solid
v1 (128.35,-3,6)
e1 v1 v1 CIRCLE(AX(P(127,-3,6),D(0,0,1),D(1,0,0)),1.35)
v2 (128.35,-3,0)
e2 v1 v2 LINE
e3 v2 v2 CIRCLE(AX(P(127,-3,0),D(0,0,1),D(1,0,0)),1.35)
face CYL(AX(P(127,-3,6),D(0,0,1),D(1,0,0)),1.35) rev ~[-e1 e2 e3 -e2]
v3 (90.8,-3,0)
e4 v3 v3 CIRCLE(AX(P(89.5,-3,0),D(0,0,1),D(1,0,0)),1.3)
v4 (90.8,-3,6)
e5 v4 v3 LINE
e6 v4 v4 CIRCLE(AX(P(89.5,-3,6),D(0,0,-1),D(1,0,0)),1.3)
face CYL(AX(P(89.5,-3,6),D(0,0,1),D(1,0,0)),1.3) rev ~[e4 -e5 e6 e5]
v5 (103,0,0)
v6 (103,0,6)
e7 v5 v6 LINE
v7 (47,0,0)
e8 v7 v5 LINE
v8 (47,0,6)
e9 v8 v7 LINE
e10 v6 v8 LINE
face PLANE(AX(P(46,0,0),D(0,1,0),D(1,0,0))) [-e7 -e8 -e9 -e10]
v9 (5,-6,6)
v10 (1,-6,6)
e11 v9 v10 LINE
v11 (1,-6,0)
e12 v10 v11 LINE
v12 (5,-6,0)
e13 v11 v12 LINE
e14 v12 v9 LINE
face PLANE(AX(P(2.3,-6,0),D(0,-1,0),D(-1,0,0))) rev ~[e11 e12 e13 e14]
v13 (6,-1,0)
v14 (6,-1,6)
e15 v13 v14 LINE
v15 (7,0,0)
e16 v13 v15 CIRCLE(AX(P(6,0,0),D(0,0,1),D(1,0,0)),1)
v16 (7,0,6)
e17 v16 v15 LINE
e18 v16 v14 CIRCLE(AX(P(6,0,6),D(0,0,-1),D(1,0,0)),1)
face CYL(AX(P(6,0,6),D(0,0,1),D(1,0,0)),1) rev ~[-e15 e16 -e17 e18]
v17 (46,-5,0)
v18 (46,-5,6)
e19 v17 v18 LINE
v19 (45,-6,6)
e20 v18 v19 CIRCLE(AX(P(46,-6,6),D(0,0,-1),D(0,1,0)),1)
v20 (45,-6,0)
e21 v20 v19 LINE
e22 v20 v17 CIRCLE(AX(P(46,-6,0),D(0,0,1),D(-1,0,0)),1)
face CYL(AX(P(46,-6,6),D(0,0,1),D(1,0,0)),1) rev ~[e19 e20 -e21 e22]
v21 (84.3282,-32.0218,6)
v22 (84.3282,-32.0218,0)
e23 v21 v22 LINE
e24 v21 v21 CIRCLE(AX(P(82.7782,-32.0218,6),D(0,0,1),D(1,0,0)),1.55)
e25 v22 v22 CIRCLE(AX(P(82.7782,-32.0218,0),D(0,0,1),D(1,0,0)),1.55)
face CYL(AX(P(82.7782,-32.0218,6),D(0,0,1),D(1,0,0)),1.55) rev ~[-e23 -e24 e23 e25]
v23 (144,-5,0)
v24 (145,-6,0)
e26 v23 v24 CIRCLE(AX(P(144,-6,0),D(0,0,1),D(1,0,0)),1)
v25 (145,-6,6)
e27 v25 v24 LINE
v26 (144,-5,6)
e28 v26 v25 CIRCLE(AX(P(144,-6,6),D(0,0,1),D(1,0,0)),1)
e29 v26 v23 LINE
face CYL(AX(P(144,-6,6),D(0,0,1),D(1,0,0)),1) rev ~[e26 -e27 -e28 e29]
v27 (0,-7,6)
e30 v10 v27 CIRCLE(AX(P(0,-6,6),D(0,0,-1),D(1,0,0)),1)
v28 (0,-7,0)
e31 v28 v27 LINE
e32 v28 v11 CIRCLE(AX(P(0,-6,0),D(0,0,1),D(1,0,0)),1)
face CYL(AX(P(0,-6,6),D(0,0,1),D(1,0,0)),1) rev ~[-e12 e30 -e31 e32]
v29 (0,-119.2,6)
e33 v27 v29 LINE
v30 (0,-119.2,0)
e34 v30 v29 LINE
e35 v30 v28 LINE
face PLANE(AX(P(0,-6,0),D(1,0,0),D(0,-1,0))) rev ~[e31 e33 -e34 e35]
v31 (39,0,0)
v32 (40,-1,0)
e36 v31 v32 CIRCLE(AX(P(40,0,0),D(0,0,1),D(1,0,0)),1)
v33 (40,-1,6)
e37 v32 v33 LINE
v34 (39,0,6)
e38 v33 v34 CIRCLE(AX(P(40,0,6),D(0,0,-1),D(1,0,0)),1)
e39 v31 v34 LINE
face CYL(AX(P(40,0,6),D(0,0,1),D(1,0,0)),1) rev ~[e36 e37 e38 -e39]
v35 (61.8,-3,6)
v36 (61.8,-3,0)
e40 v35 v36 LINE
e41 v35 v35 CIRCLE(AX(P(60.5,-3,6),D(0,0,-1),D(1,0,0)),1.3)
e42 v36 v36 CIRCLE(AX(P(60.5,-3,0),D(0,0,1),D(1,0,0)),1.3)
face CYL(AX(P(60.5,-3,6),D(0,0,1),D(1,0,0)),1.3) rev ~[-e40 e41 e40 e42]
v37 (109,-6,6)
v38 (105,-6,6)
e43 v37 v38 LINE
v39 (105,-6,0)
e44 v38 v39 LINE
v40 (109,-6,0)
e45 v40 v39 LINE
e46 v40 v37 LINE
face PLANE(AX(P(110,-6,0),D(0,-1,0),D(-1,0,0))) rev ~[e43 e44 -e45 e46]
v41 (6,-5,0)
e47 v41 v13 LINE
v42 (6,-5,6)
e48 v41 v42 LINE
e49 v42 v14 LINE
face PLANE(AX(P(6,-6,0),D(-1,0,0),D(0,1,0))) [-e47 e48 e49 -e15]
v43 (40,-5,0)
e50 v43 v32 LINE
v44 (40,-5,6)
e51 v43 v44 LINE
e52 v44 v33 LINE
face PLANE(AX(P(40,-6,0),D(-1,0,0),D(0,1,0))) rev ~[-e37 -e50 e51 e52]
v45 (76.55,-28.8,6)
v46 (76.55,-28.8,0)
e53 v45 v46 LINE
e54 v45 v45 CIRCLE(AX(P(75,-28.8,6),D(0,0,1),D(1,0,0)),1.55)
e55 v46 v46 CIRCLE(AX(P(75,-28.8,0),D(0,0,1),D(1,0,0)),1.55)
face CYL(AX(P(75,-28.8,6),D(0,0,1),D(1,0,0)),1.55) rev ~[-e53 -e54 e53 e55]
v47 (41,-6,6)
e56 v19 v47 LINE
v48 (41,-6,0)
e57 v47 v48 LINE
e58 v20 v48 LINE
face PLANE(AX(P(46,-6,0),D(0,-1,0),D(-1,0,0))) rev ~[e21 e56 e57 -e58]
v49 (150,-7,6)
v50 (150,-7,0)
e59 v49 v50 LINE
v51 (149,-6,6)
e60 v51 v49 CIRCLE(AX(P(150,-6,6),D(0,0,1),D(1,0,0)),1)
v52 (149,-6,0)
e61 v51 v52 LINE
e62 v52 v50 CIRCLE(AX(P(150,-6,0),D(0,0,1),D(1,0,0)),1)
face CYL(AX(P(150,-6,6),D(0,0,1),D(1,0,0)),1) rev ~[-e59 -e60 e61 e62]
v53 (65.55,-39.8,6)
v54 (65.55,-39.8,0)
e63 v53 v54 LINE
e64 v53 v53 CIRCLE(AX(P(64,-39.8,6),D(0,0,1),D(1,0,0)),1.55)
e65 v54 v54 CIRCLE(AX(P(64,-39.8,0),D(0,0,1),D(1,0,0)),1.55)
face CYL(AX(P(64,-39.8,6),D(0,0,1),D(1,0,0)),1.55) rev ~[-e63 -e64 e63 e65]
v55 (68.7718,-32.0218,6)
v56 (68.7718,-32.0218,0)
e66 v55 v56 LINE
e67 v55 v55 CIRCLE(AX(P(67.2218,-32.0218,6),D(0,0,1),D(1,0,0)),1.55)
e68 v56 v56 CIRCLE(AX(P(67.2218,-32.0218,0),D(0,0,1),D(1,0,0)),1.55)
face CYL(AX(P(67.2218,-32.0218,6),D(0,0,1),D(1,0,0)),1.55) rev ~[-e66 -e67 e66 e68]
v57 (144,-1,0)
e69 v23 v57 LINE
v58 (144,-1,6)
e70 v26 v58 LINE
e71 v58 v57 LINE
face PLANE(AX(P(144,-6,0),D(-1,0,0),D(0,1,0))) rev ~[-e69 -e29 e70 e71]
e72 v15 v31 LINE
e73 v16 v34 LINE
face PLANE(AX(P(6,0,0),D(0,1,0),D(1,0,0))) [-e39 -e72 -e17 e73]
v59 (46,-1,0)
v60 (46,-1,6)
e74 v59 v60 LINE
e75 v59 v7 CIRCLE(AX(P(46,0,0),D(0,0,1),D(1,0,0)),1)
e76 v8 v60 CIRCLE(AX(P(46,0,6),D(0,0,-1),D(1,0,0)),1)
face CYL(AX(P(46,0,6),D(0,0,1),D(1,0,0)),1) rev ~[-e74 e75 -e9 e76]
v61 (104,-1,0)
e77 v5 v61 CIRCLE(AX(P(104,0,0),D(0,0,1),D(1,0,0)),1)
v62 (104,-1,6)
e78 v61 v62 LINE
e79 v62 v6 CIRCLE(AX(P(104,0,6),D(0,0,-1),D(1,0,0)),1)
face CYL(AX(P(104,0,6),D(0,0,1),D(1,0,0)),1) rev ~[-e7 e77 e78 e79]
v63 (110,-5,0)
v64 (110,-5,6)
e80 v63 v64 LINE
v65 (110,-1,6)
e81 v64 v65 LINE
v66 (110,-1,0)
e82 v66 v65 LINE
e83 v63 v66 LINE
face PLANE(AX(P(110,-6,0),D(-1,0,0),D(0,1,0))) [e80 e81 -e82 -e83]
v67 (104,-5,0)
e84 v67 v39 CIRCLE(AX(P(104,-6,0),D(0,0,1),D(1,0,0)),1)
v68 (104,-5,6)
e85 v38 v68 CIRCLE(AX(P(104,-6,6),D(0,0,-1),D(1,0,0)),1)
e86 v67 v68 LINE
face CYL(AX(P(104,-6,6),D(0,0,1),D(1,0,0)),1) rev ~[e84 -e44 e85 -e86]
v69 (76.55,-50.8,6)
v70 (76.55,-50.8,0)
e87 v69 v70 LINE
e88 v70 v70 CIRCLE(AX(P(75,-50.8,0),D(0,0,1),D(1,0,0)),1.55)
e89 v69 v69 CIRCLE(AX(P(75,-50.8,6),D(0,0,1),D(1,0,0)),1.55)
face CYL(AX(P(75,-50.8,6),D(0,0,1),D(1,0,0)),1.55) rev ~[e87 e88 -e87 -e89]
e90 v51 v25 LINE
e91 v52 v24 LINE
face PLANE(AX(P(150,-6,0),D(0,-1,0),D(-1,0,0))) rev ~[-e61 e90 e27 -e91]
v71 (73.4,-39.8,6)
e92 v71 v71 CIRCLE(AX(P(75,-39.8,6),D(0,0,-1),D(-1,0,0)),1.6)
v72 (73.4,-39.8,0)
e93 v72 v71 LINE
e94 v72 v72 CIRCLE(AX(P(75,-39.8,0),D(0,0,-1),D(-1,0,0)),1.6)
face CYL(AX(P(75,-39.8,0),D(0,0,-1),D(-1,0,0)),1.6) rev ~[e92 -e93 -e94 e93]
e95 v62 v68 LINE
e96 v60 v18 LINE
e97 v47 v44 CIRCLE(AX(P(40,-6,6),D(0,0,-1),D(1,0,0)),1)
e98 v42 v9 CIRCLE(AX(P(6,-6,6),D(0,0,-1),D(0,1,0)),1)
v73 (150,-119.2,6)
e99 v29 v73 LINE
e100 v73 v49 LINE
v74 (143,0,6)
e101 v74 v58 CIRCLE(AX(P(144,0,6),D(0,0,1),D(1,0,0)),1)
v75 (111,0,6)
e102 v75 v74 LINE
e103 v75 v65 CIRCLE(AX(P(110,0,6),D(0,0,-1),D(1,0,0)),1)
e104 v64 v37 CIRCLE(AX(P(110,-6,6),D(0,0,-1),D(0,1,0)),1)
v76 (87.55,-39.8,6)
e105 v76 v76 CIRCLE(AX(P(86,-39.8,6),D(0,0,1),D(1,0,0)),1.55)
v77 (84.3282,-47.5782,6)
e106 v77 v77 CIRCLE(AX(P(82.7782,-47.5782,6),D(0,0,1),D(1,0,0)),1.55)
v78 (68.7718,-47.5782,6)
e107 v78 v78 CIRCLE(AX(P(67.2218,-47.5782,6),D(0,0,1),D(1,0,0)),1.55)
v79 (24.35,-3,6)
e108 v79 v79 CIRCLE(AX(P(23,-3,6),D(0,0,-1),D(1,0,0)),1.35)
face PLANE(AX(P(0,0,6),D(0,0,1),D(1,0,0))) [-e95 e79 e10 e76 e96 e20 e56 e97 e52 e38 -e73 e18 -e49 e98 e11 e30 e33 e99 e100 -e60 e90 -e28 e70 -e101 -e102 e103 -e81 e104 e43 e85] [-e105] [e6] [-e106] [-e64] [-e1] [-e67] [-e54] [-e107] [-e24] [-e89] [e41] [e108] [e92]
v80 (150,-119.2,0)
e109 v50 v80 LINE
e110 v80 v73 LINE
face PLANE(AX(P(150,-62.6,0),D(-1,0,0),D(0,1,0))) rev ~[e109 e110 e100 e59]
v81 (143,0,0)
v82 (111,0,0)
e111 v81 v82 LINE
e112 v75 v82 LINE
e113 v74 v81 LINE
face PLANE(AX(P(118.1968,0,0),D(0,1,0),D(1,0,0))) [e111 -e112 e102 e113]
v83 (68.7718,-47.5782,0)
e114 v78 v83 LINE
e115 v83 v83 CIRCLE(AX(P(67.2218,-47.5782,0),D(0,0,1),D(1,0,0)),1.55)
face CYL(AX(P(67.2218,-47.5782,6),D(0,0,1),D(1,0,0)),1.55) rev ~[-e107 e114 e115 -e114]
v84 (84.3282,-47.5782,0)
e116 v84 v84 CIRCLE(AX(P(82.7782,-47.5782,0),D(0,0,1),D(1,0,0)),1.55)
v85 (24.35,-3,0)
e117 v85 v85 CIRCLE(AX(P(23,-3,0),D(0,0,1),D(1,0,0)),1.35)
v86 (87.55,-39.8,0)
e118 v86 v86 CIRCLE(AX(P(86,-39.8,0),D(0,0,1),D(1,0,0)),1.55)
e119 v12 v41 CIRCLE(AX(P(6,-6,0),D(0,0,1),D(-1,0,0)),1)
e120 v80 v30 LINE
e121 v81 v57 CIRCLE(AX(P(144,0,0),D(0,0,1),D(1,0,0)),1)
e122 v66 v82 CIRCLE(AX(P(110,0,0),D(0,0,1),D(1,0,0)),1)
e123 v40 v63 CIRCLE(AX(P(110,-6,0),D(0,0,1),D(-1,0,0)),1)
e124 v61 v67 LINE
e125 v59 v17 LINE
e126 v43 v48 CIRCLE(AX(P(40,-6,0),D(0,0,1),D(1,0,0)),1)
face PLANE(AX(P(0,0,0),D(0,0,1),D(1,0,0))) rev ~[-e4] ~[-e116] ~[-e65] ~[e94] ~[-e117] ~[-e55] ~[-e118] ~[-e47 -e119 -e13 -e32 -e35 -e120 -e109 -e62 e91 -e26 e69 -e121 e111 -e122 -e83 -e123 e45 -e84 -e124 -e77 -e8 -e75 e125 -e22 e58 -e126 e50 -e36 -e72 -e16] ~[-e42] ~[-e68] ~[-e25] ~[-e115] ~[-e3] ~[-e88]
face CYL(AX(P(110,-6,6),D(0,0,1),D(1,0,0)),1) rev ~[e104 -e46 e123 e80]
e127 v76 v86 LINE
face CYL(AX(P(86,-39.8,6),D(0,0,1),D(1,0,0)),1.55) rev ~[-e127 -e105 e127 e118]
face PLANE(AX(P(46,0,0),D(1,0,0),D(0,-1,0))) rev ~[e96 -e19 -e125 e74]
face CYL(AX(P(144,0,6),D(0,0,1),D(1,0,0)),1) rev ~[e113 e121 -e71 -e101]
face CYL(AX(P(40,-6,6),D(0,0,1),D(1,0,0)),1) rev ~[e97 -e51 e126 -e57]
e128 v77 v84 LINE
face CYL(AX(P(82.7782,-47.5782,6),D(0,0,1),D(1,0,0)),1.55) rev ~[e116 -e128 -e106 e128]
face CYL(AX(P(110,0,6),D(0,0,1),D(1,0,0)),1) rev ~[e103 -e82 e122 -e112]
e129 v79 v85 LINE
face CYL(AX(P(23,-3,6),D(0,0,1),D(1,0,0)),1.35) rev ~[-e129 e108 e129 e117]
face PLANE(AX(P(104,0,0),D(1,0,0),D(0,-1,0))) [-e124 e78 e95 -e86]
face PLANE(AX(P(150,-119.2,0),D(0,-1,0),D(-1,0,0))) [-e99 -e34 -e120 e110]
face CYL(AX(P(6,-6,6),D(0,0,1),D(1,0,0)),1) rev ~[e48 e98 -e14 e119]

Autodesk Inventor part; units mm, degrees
ref_plane "YZ Plane" through (0, 0, 0) normal (1, 0, 0) x (0, 1, 0)
ref_plane "XZ Plane" through (0, 0, 0) normal (0, 1, 0) x (-1, 0, 0)
ref_plane "XY Plane" through (0, 0, 0) normal (0, 0, 1) x (1, 0, 0)
sketch "스케치1" plane through (0, 0, 0) normal (0, 0, 1) x (1, 0, 0)
  line L0 (118.1968, 6) -> (118.1968, 0)
  line L1 (0, 0) -> (2.3, 0) projected
  line L2 (2.3, 0) -> (2.3, -6) projected
  line L3 (150, -6) -> (2.3, -6) projected
  line L4 (150, -6) -> (150, 6) projected
  line L5 (0, 6) -> (150, 6) projected
  line L6 (0, 0) -> (0, 6) projected
  line L7 (150, -6) -> (0, -6)
  line L8 (0, -6) -> (0, 0)
  line L9 (0, 0) -> (150, 0)
  line L10 (150, 0) -> (150, -6)
  line L11 (150, -6) -> (144, -6)
  line L12 (144, -6) -> (144, 0)
  line L13 (144, 0) -> (150, 0)
  line L14 (150, 0) -> (150, -6)
  line L15 (122.25, 6) -> (131.75, 6) projected
  line L16 (128.025, 6) -> (128.025, 0)
  line L17 (125.975, 6) -> (125.975, 0)
  line L18 (127, 0) -> (127, 6)
  line L19 (104, 0) -> (104, -6)
  line L20 (104, -6) -> (110, -6)
  line L21 (110, -6) -> (110, 0)
  line L22 (110, 0) -> (104, 0)
  line L23 (104, 0) -> (104, -6)
  line L24 (75, -6) -> (75, 6)
  line L25 (0, 0) -> (0, -6)
  line L26 (0, -6) -> (6, -6)
  line L27 (6, 0) -> (0, 0)
  line L28 (0, 0) -> (0, -6)
  line L29 (40, 0) -> (46, 0)
  line L30 (150, -6) -> (144, -6)
  line L31 (144, -6) -> (144, 0)
  line L32 (144, 0) -> (150, 0)
  line L33 (150, 0) -> (150, -6)
  line L34 (110, -6) -> (104, -6)
  line L35 (104, -6) -> (104, 0)
  line L36 (104, 0) -> (110, 0)
  line L37 (110, 0) -> (110, -6)
  line L38 (0, 0) -> (0, -6)
  line L39 (0, -6) -> (6, -6)
  line L40 (6, -6) -> (6, 0)
  line L41 (6, 0) -> (0, 0)
  line L42 (0, 0) -> (0, -6)
  line L43 (40, -6) -> (40, 0)
  line L44 (46, -6) -> (40, -6)
  line L45 (46, 0) -> (46, -6)
  line L46 (46, 0) -> (46, -6)
  line L47 (40, 0) -> (46, 0)
  line L48 (0, -6) -> (6, -6)
  line L49 (6, -6) -> (6, 0)
  line L50 (6, 0) -> (0, 0)
  line L51 (0, 0) -> (0, -6)
  line L52 (40, -6) -> (46, -6)
  line L53 (46, -6) -> (46, 0)
  line L54 (46, 0) -> (40, 0)
  line L55 (40, 0) -> (40, -6)
  line L56 (150, 0) -> (0, 0)
  line L57 (0, 0) -> (0, -125.2)
  line L58 (0, -125.2) -> (150, -125.2)
  line L59 (150, -125.2) -> (150, 0)
  line L60 (150, -62.6) -> (0, -62.6)
  line L61 (0, -125.2) -> (2.3, -125.2)
  line L62 (2.3, -125.2) -> (2.3, -119.2)
  line L63 (150, -119.2) -> (2.3, -119.2)
  line L64 (150, -119.2) -> (0, -119.2)
  line L65 (0, -119.2) -> (0, -125.2)
  line L66 (0, -125.2) -> (150, -125.2)
  line L67 (150, -125.2) -> (150, -119.2)
  line L68 (150, -119.2) -> (144, -119.2)
  line L69 (144, -119.2) -> (144, -125.2)
  line L70 (144, -125.2) -> (150, -125.2)
  line L71 (150, -125.2) -> (150, -119.2)
  line L72 (110, -119.2) -> (110, -125.2)
  line L73 (104, -119.2) -> (110, -119.2)
  line L74 (104, -125.2) -> (104, -119.2)
  line L75 (104, -125.2) -> (104, -119.2)
  line L76 (110, -125.2) -> (104, -125.2)
  line L77 (40, -125.2) -> (46, -125.2)
  line L78 (0, -125.2) -> (0, -119.2)
  line L79 (0, -119.2) -> (6, -119.2)
  line L80 (0, -125.2) -> (0, -119.2)
  line L81 (6, -125.2) -> (0, -125.2)
  line L82 (150, -119.2) -> (144, -119.2)
  line L83 (144, -119.2) -> (144, -125.2)
  line L84 (144, -125.2) -> (150, -125.2)
  line L85 (150, -125.2) -> (150, -119.2)
  line L86 (110, -119.2) -> (104, -119.2)
  line L87 (104, -119.2) -> (104, -125.2)
  line L88 (104, -125.2) -> (110, -125.2)
  line L89 (110, -125.2) -> (110, -119.2)
  line L90 (0, -125.2) -> (0, -119.2)
  line L91 (0, -119.2) -> (6, -119.2)
  line L92 (6, -119.2) -> (6, -125.2)
  line L93 (6, -125.2) -> (0, -125.2)
  line L94 (0, -125.2) -> (0, -119.2)
  line L95 (6, -119.2) -> (6, -125.2)
  line L96 (0, -125.2) -> (0, -119.2)
  line L97 (0, -119.2) -> (6, -119.2)
  line L98 (6, -125.2) -> (0, -125.2)
  line L99 (40, -119.2) -> (40, -125.2)
  line L100 (40, -125.2) -> (40, -119.2)
  line L101 (46, -119.2) -> (40, -119.2)
  line L102 (46, -125.2) -> (46, -119.2)
  line L103 (46, -125.2) -> (46, -119.2)
  line L104 (46, -119.2) -> (46, -125.2)
  line L105 (40, -119.2) -> (46, -119.2)
  line L106 (46, -125.2) -> (40, -125.2)
  line L107 (40, -125.2) -> (46, -125.2)
  line L108 (150, -125.2) -> (0, -125.2)
  point P0 (21.975, 0)
  point P1 (24.025, 0)
  point P2 (31.8032, 0)
  point P3 (21.975, 0)
  point P4 (24.025, 0)
  point P5 (23, 0)
  point P6 (118.1968, -125.2)
  point P7 (128.025, -125.2)
  point P8 (125.975, -125.2)
  point P9 (127, -125.2)
  point P10 (75, -119.2)
  point P11 (24.025, -125.2)
  point P12 (21.975, -125.2)
  point P13 (24.025, -125.2)
  point P14 (23, -125.2)
  point P15 (21.975, -125.2)
  point P16 (31.8032, -125.2)
  dimension "d0" = 125.2
extrude "돌출1" add sketch "스케치1" along normal blind 6 contours L9 L12 L3 L21 | L24 L3 L45 L9 | L9 L19 L3 L24 | L3 L59 L60 L57 L7 | L43 L3 L40 L9 | L60 L59 L63 L64 L57
sketch "스케치2" plane through (0, 0, 0) normal (0, 0, -1) x (-1, 0, 0)
  circle A0 centre (-72.2193, -29.1573) radius 1.55 projected
  circle A1 centre (-75, -39.8) radius 1.5 projected
  circle A2 centre (-75, -39.8) radius 13.9 projected
  circle A3 centre (-75, -39.8) radius 5.2 projected
  circle A4 centre (-75, -39.8) radius 1.6
  point P0 (0, 0)
  dimension "d5" = 0.1
extrude "돌출2" cut sketch "스케치2" against normal up to next contours A1 | A4
sketch "스케치5" plane through (0, 0, 6) normal (0, 0, 1) x (1, 0, 0)
  line L0 (6, 0) -> (6, -6) projected
  line L1 (6, -6) -> (0, -6) projected
  line L2 (0, -6) -> (0, -119.2) projected
  line L3 (150, -119.2) -> (150, -6) projected
  line L4 (150, -6) -> (144, -6) projected
  line L5 (144, -6) -> (144, 0) projected
  line L6 (144, 0) -> (110, 0) projected
  line L7 (110, 0) -> (110, -6) projected
  line L8 (110, -6) -> (104, -6) projected
  line L9 (104, -6) -> (104, 0) projected
  line L10 (104, 0) -> (46, 0) projected
  line L11 (46, 0) -> (46, -6) projected
  line L12 (46, -6) -> (40, -6) projected
  line L13 (40, -6) -> (40, 0) projected
  line L14 (40, 0) -> (6, 0) projected
  circle A0 centre (75, -39.8) radius 1.6 projected
  circle A1 centre (40, -6) radius 1
  circle A2 centre (46, -6) radius 1
  circle A3 centre (40, 0) radius 1
  circle A4 centre (46, 0) radius 1
  circle A5 centre (6, 0) radius 1
  line L15 (6, 0) -> (6, -6) projected
  circle A6 centre (6, -6) radius 1
  circle A7 centre (0, -6) radius 1
  circle A8 centre (104, -6) radius 1
  circle A9 centre (104, 0) radius 1
  line L16 (110, -6) -> (104, -6) projected
  circle A10 centre (110, -6) radius 1
  circle A11 centre (110, 0) radius 1
  circle A12 centre (144, -6) radius 1
  line L17 (144, 0) -> (110, 0) projected
  circle A13 centre (144, 0) radius 1
  circle A14 centre (150, -6) radius 1
  circle A15 centre (123.8, -69.5) radius 1
  circle A16 centre (123.8, -63.1) radius 1
  circle A17 centre (130.2, -69.5) radius 1
  line L18 (130.2, -69.5) -> (130.2, -63.1) projected
  circle A18 centre (130.2, -63.1) radius 1
  circle A19 centre (19.8, -69.5) radius 1
  circle A20 centre (19.8, -63.1) radius 1
  circle A21 centre (26.2, -69.5) radius 1
  circle A22 centre (26.2, -63.1) radius 1
  line L19 (0, -119.2) -> (150, -119.2) projected
  point P0 (0, 0)
  point P1 (149, -6)
  point P2 (150, -7)
  point P3 (144, -5)
  point P4 (145, -6)
  point P5 (143, 0)
  point P6 (144, -1)
  dimension "d32" = 2
  dimension "d33" = 2
  dimension "d34" = 2
  dimension "d35" = 2
  dimension "d36" = 2
  dimension "d37" = 2
  dimension "d38" = 2
  dimension "d39" = 2
  dimension "d40" = 2
  dimension "d41" = 2
  dimension "d42" = 2
  dimension "d43" = 2
  dimension "d44" = 2
  dimension "d45" = 2
  dimension "d46" = 2
  dimension "d47" = 2
  dimension "d48" = 2
  dimension "d49" = 2
  dimension "d50" = 2
  dimension "d51" = 2
  dimension "d52" = 2
  dimension "d53" = 2
extrude "돌출5" cut sketch "스케치5" against normal up to next contours L14 A5 L0 | L0 A5 L14 | A6 L1 L0 | L0 L1 A6 | A3 L13 L14 | L14 L13 A3 | A7 L2 L1 | L1 L2 A7 | A1 L12 L13 | L13 L12 A1 | A2 L11 L12 | L12 L11 A2 | A14 L4 L3 | A4 L10 L11 | L11 L10 A4 | A12 L5 L4 | A9 L9 L10 | L10 L9 A9 | A13 L6 L5 | A8 L8 L9 | L9 L8 A8 | A11 L7 L6 | L6 L7 A11 | A10 L7 L8 | L8 L7 A10 picked at (149.7812, -6.6253) picked at (143.8112, -6.634) picked at (143.7812, -0.6253)
sketch "스케치6" plane through (0, 0, 6) normal (0, 0, 1) x (1, 0, 0)
  line L0 (6, -6) -> (6, 0) projected
  line L1 (0, 0) -> (6, 0) projected
  line L2 (0, -6) -> (0, 0) projected
  line L3 (0, -6) -> (6, -6) projected
  line L4 (40, 0) -> (40, -6) projected
  line L5 (40, -6) -> (46, -6) projected
  line L6 (46, -6) -> (46, 0) projected
  line L7 (40, 0) -> (46, 0) projected
  line L8 (40, 0) -> (6, 0)
  line L9 (23, 0) -> (23, -6)
  circle A0 centre (23, -3) radius 1.35
  line L10 (104, 0) -> (104, -6) projected
  line L11 (104, -6) -> (110, -6) projected
  line L12 (110, -6) -> (110, 0) projected
  line L13 (104, 0) -> (110, 0) projected
  line L14 (144, 0) -> (144, -6) projected
  line L15 (144, -6) -> (150, -6) projected
  line L16 (150, -6) -> (150, 0) projected
  line L17 (144, 0) -> (150, 0) projected
  line L18 (104, -3) -> (46, -3)
  line L19 (75, -3) -> (75, 0)
  line L20 (103, 0) -> (47, 0) projected
  line L21 (75, -3) -> (104, -3)
  line L22 (89.5, -3) -> (89.5, 0)
  line L23 (75, -3) -> (46, -3)
  line L24 (60.5, -3) -> (60.5, 0)
  circle A1 centre (89.5, -3) radius 1.3
  circle A2 centre (60.5, -3) radius 1.3
  circle A3 centre (127, -3) radius 1.35
  point P0 (127, -6)
  dimension "d58" = 2.6
  dimension "d59" = 2.6
extrude "돌출6" cut sketch "스케치6" against normal up to next contours A2 L24 L18 | L18 A2 | A0 L9 | L9 A0 | L24 A2 L18 | A1 L22 L18 | L18 A1 | L22 A1 L18 | A3
sketch "스케치13" plane through (0, 0, 6) normal (0, 0, 1) x (1, 0, 0)
  circle A0 centre (82.7782, -32.0218) radius 1.55 projected
  circle A1 centre (82.7782, -32.0218) radius 1.55 projected
  circle A2 centre (75, -28.8) radius 1.55 projected
  circle A3 centre (75, -39.8) radius 1.6 projected
  circle A4 centre (82.7782, -32.0218) radius 1.55
  circle A5 centre (75, -28.8) radius 1.55
  circle A6 centre (67.2218, -32.0218) radius 1.55
  circle A7 centre (64, -39.8) radius 1.55
  circle A8 centre (67.2218, -47.5782) radius 1.55
  circle A9 centre (75, -50.8) radius 1.55
  circle A10 centre (82.7782, -47.5782) radius 1.55
  circle A11 centre (86, -39.8) radius 1.55
  point P0 (0, 0)
  dimension "d77" = 360
extrude "돌출9" cut sketch "스케치13" against normal blind 10 contours A0 | A2 | A6 | A7 | A8 | A9 | A10 | A11
properties part number "부품49" material "PMMA 플라스틱"
